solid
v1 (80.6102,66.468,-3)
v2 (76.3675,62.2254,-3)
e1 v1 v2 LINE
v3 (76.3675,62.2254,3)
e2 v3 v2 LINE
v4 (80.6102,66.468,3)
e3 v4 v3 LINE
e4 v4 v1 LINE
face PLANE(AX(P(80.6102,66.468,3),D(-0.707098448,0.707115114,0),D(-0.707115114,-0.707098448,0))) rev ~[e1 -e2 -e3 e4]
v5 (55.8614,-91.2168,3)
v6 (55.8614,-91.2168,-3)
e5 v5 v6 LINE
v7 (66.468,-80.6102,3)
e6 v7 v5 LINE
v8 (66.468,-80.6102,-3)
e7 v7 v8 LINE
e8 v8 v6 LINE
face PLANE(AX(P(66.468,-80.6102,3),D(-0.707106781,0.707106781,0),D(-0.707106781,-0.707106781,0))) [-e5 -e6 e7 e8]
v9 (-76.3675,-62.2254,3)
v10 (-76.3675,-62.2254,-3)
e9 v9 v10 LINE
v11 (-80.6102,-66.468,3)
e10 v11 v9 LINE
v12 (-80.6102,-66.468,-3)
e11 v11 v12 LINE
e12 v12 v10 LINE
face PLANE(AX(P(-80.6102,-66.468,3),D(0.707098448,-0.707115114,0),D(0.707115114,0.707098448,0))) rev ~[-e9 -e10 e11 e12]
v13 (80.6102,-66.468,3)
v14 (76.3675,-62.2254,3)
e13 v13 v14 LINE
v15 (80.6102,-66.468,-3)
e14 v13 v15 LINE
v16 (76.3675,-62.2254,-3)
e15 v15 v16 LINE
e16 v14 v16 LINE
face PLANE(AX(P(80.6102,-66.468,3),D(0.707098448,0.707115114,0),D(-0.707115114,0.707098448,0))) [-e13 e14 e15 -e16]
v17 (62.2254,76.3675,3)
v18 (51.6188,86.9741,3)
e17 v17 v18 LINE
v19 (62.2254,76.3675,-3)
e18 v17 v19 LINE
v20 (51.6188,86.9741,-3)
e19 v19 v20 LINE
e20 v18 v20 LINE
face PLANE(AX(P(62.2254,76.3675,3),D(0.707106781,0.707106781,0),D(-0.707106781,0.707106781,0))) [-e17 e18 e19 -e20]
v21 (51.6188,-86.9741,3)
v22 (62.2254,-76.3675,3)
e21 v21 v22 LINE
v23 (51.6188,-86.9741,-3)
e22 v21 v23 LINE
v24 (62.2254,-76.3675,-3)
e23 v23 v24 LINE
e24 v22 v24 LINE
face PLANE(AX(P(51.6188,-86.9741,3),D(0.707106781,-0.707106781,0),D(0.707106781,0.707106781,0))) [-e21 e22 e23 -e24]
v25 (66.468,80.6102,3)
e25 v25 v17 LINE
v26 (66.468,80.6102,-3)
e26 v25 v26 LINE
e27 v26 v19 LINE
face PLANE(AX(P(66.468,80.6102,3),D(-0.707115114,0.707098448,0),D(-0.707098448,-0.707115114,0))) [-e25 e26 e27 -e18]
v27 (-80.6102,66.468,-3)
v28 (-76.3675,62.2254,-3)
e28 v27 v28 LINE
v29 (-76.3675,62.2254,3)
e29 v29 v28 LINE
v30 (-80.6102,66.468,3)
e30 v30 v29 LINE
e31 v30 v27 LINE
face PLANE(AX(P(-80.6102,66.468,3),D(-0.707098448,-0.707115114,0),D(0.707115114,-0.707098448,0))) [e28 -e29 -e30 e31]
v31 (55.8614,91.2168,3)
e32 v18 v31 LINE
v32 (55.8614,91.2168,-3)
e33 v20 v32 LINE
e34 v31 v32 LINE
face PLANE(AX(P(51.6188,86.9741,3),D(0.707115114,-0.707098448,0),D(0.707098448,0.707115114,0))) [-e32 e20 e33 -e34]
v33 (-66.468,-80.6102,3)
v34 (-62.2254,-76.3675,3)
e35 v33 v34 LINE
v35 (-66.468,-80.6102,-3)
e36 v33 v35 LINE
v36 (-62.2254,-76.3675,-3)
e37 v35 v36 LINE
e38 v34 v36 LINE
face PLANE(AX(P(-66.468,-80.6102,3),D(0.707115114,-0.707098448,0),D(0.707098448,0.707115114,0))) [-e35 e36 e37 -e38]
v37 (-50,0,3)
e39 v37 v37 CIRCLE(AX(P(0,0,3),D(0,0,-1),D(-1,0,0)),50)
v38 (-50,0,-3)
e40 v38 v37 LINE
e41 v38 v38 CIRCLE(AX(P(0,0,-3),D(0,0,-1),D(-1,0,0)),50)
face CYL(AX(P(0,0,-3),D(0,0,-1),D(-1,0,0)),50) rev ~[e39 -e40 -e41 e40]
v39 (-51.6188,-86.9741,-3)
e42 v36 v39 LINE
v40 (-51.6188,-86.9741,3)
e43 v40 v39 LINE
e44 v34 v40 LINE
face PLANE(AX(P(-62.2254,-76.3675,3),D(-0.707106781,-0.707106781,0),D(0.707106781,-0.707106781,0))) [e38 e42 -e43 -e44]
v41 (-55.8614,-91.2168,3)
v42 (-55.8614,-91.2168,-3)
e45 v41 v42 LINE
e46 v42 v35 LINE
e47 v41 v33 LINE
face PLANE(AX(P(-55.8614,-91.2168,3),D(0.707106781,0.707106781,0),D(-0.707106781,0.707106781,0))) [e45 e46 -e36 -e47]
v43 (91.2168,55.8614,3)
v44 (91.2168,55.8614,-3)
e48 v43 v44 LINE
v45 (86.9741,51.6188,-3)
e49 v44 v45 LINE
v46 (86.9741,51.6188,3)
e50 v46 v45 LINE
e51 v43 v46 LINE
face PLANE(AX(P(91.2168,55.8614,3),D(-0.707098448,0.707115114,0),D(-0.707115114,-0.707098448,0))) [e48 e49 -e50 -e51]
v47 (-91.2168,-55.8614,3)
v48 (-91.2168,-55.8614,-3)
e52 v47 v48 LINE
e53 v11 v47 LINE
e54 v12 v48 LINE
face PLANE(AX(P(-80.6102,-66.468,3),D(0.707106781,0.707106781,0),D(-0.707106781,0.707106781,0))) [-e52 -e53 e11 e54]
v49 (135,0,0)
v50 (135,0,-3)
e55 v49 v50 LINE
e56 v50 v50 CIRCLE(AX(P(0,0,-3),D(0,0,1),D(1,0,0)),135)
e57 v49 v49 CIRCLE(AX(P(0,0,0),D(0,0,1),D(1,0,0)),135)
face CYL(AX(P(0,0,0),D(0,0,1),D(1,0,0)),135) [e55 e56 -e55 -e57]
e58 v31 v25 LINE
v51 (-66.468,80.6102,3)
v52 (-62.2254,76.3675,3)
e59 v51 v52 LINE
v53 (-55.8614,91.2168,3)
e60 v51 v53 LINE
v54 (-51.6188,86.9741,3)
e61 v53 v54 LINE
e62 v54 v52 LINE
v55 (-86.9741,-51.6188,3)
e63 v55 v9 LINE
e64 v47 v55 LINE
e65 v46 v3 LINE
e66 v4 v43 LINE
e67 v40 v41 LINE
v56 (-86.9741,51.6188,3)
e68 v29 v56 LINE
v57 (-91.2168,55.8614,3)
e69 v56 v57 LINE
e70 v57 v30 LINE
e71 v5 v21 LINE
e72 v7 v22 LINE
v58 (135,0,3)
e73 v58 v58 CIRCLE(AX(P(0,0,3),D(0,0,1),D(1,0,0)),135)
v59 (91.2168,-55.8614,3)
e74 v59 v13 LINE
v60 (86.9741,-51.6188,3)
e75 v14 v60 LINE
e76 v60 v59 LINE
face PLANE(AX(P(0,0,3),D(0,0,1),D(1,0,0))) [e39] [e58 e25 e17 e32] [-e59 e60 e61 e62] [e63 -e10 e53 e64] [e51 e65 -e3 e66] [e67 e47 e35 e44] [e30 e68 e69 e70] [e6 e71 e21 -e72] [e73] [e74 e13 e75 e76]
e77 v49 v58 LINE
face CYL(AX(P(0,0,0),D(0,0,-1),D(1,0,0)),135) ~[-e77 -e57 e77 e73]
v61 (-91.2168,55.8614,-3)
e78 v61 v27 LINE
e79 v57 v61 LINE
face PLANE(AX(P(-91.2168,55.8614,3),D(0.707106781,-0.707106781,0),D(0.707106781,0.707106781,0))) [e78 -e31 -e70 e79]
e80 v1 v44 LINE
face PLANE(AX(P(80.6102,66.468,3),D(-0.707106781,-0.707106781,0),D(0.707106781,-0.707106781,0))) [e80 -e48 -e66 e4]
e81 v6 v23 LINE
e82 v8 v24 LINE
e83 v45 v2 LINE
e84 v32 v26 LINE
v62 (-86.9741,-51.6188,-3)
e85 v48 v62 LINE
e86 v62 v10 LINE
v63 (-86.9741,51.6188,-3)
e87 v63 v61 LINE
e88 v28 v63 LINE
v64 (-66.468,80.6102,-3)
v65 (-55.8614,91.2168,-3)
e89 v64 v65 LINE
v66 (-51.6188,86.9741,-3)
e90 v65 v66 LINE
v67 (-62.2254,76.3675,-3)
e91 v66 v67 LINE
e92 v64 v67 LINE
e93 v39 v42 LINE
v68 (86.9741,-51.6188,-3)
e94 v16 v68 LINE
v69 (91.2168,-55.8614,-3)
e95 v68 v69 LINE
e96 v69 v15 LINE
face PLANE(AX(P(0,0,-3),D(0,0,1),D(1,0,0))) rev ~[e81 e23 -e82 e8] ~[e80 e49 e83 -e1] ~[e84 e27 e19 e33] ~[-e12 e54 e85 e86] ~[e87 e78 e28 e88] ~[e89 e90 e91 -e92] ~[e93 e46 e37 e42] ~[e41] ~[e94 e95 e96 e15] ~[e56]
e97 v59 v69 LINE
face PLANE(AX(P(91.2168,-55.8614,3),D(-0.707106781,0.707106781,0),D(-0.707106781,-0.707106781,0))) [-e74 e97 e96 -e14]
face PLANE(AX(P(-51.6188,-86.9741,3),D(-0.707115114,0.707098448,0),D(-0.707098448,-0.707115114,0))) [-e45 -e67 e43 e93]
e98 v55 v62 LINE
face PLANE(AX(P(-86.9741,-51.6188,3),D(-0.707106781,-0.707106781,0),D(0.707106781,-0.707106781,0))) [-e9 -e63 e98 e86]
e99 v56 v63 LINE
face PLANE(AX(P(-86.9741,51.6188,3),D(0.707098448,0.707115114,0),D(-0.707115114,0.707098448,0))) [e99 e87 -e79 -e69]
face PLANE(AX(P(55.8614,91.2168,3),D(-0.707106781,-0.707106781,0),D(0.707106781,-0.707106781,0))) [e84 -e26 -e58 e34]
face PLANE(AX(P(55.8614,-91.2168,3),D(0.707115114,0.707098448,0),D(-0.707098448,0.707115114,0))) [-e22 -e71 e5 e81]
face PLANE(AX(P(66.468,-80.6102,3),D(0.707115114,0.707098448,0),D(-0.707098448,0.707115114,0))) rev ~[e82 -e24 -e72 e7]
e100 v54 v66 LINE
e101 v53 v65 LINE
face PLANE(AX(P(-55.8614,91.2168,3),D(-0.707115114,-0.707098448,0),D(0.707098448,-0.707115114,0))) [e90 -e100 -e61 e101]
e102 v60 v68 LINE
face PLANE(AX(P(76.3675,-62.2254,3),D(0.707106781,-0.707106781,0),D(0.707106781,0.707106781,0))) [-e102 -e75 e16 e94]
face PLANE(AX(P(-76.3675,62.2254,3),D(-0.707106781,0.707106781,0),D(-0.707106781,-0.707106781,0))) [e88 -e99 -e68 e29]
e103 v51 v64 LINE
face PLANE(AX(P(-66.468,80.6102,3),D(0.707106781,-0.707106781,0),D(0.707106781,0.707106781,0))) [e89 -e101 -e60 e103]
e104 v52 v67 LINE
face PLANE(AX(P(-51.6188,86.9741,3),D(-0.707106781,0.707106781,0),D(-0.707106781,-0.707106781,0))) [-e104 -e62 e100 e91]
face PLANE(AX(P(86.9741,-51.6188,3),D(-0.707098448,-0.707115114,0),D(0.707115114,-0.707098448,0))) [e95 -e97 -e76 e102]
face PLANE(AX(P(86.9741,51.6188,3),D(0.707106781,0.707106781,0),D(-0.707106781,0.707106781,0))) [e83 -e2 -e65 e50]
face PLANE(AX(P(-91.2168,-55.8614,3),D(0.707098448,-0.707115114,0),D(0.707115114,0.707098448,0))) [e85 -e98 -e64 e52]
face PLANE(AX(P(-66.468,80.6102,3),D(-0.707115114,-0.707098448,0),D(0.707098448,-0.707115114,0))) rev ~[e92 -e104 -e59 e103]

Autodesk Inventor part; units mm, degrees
ref_plane "YZ Plane" through (0, 0, 0) normal (1, 0, 0) x (0, 1, 0)
ref_plane "XZ Plane" through (0, 0, 0) normal (0, 1, 0) x (-1, 0, 0)
ref_plane "XY Plane" through (0, 0, 0) normal (0, 0, 1) x (1, 0, 0)
sketch "Эскиз1" plane through (0, 0, 0) normal (0, 0, 1) x (1, 0, 0)
  circle A0 centre (0, 0) radius 135
  dimension "d0" = 270
extrude "Выдавливание1" add sketch "Эскиз1" along normal mid plane 6
sketch "Эскиз3" plane through (0, 0, -3) normal (0, 0, -1) x (-1, 0, 0)
  circle A0 centre (0, 0) radius 50
  dimension "d14" = 100
extrude "Выдавливание2" cut sketch "Эскиз3" against normal through all
sketch "Эскиз4" plane through (0, 0, 3) normal (0, 0, 1) x (1, 0, 0)
  circle A0 centre (0, 0) radius 101 construction
  circle A1 centre (0, 101) radius 26.5 construction
  line L0 (0, 0) -> (118.5479, 118.5479) construction
  line L1 (0, 0) -> (0, 152.163) construction
  line L2 (86.9741, 51.6188) -> (51.6188, 86.9741)
  line L3 (51.6188, 86.9741) -> (55.8614, 91.2168)
  line L4 (55.8614, 91.2168) -> (91.2168, 55.8614)
  line L5 (91.2168, 55.8614) -> (86.9741, 51.6188)
  line L6 (86.9741, 51.6188) -> (55.8614, 91.2168) construction
  line L7 (51.6188, 86.9741) -> (91.2168, 55.8614) construction
  line L8 (66.468, 80.6102) -> (62.2254, 76.3675)
  line L9 (80.6102, 66.468) -> (76.3675, 62.2254)
  point P0 (71.4178, 71.4178)
  dimension "d17" = 202
  dimension "d18" = 53
  dimension "d19" = 45
  dimension "d20" = 6
  dimension "d21" = 50
  dimension "d22" = 15
extrude "Выдавливание3" cut sketch "Эскиз4" against normal through all contours L2 L9 L4 L5 | L2 L3 L4 L8
pattern_circular "Круговой массив2" count 4 over 360 about axis through (0, 0, 0) along (0, 0, 1) of "Выдавливание3"
properties part number "Диск_опорный_В5" material "По умолчанию1"
